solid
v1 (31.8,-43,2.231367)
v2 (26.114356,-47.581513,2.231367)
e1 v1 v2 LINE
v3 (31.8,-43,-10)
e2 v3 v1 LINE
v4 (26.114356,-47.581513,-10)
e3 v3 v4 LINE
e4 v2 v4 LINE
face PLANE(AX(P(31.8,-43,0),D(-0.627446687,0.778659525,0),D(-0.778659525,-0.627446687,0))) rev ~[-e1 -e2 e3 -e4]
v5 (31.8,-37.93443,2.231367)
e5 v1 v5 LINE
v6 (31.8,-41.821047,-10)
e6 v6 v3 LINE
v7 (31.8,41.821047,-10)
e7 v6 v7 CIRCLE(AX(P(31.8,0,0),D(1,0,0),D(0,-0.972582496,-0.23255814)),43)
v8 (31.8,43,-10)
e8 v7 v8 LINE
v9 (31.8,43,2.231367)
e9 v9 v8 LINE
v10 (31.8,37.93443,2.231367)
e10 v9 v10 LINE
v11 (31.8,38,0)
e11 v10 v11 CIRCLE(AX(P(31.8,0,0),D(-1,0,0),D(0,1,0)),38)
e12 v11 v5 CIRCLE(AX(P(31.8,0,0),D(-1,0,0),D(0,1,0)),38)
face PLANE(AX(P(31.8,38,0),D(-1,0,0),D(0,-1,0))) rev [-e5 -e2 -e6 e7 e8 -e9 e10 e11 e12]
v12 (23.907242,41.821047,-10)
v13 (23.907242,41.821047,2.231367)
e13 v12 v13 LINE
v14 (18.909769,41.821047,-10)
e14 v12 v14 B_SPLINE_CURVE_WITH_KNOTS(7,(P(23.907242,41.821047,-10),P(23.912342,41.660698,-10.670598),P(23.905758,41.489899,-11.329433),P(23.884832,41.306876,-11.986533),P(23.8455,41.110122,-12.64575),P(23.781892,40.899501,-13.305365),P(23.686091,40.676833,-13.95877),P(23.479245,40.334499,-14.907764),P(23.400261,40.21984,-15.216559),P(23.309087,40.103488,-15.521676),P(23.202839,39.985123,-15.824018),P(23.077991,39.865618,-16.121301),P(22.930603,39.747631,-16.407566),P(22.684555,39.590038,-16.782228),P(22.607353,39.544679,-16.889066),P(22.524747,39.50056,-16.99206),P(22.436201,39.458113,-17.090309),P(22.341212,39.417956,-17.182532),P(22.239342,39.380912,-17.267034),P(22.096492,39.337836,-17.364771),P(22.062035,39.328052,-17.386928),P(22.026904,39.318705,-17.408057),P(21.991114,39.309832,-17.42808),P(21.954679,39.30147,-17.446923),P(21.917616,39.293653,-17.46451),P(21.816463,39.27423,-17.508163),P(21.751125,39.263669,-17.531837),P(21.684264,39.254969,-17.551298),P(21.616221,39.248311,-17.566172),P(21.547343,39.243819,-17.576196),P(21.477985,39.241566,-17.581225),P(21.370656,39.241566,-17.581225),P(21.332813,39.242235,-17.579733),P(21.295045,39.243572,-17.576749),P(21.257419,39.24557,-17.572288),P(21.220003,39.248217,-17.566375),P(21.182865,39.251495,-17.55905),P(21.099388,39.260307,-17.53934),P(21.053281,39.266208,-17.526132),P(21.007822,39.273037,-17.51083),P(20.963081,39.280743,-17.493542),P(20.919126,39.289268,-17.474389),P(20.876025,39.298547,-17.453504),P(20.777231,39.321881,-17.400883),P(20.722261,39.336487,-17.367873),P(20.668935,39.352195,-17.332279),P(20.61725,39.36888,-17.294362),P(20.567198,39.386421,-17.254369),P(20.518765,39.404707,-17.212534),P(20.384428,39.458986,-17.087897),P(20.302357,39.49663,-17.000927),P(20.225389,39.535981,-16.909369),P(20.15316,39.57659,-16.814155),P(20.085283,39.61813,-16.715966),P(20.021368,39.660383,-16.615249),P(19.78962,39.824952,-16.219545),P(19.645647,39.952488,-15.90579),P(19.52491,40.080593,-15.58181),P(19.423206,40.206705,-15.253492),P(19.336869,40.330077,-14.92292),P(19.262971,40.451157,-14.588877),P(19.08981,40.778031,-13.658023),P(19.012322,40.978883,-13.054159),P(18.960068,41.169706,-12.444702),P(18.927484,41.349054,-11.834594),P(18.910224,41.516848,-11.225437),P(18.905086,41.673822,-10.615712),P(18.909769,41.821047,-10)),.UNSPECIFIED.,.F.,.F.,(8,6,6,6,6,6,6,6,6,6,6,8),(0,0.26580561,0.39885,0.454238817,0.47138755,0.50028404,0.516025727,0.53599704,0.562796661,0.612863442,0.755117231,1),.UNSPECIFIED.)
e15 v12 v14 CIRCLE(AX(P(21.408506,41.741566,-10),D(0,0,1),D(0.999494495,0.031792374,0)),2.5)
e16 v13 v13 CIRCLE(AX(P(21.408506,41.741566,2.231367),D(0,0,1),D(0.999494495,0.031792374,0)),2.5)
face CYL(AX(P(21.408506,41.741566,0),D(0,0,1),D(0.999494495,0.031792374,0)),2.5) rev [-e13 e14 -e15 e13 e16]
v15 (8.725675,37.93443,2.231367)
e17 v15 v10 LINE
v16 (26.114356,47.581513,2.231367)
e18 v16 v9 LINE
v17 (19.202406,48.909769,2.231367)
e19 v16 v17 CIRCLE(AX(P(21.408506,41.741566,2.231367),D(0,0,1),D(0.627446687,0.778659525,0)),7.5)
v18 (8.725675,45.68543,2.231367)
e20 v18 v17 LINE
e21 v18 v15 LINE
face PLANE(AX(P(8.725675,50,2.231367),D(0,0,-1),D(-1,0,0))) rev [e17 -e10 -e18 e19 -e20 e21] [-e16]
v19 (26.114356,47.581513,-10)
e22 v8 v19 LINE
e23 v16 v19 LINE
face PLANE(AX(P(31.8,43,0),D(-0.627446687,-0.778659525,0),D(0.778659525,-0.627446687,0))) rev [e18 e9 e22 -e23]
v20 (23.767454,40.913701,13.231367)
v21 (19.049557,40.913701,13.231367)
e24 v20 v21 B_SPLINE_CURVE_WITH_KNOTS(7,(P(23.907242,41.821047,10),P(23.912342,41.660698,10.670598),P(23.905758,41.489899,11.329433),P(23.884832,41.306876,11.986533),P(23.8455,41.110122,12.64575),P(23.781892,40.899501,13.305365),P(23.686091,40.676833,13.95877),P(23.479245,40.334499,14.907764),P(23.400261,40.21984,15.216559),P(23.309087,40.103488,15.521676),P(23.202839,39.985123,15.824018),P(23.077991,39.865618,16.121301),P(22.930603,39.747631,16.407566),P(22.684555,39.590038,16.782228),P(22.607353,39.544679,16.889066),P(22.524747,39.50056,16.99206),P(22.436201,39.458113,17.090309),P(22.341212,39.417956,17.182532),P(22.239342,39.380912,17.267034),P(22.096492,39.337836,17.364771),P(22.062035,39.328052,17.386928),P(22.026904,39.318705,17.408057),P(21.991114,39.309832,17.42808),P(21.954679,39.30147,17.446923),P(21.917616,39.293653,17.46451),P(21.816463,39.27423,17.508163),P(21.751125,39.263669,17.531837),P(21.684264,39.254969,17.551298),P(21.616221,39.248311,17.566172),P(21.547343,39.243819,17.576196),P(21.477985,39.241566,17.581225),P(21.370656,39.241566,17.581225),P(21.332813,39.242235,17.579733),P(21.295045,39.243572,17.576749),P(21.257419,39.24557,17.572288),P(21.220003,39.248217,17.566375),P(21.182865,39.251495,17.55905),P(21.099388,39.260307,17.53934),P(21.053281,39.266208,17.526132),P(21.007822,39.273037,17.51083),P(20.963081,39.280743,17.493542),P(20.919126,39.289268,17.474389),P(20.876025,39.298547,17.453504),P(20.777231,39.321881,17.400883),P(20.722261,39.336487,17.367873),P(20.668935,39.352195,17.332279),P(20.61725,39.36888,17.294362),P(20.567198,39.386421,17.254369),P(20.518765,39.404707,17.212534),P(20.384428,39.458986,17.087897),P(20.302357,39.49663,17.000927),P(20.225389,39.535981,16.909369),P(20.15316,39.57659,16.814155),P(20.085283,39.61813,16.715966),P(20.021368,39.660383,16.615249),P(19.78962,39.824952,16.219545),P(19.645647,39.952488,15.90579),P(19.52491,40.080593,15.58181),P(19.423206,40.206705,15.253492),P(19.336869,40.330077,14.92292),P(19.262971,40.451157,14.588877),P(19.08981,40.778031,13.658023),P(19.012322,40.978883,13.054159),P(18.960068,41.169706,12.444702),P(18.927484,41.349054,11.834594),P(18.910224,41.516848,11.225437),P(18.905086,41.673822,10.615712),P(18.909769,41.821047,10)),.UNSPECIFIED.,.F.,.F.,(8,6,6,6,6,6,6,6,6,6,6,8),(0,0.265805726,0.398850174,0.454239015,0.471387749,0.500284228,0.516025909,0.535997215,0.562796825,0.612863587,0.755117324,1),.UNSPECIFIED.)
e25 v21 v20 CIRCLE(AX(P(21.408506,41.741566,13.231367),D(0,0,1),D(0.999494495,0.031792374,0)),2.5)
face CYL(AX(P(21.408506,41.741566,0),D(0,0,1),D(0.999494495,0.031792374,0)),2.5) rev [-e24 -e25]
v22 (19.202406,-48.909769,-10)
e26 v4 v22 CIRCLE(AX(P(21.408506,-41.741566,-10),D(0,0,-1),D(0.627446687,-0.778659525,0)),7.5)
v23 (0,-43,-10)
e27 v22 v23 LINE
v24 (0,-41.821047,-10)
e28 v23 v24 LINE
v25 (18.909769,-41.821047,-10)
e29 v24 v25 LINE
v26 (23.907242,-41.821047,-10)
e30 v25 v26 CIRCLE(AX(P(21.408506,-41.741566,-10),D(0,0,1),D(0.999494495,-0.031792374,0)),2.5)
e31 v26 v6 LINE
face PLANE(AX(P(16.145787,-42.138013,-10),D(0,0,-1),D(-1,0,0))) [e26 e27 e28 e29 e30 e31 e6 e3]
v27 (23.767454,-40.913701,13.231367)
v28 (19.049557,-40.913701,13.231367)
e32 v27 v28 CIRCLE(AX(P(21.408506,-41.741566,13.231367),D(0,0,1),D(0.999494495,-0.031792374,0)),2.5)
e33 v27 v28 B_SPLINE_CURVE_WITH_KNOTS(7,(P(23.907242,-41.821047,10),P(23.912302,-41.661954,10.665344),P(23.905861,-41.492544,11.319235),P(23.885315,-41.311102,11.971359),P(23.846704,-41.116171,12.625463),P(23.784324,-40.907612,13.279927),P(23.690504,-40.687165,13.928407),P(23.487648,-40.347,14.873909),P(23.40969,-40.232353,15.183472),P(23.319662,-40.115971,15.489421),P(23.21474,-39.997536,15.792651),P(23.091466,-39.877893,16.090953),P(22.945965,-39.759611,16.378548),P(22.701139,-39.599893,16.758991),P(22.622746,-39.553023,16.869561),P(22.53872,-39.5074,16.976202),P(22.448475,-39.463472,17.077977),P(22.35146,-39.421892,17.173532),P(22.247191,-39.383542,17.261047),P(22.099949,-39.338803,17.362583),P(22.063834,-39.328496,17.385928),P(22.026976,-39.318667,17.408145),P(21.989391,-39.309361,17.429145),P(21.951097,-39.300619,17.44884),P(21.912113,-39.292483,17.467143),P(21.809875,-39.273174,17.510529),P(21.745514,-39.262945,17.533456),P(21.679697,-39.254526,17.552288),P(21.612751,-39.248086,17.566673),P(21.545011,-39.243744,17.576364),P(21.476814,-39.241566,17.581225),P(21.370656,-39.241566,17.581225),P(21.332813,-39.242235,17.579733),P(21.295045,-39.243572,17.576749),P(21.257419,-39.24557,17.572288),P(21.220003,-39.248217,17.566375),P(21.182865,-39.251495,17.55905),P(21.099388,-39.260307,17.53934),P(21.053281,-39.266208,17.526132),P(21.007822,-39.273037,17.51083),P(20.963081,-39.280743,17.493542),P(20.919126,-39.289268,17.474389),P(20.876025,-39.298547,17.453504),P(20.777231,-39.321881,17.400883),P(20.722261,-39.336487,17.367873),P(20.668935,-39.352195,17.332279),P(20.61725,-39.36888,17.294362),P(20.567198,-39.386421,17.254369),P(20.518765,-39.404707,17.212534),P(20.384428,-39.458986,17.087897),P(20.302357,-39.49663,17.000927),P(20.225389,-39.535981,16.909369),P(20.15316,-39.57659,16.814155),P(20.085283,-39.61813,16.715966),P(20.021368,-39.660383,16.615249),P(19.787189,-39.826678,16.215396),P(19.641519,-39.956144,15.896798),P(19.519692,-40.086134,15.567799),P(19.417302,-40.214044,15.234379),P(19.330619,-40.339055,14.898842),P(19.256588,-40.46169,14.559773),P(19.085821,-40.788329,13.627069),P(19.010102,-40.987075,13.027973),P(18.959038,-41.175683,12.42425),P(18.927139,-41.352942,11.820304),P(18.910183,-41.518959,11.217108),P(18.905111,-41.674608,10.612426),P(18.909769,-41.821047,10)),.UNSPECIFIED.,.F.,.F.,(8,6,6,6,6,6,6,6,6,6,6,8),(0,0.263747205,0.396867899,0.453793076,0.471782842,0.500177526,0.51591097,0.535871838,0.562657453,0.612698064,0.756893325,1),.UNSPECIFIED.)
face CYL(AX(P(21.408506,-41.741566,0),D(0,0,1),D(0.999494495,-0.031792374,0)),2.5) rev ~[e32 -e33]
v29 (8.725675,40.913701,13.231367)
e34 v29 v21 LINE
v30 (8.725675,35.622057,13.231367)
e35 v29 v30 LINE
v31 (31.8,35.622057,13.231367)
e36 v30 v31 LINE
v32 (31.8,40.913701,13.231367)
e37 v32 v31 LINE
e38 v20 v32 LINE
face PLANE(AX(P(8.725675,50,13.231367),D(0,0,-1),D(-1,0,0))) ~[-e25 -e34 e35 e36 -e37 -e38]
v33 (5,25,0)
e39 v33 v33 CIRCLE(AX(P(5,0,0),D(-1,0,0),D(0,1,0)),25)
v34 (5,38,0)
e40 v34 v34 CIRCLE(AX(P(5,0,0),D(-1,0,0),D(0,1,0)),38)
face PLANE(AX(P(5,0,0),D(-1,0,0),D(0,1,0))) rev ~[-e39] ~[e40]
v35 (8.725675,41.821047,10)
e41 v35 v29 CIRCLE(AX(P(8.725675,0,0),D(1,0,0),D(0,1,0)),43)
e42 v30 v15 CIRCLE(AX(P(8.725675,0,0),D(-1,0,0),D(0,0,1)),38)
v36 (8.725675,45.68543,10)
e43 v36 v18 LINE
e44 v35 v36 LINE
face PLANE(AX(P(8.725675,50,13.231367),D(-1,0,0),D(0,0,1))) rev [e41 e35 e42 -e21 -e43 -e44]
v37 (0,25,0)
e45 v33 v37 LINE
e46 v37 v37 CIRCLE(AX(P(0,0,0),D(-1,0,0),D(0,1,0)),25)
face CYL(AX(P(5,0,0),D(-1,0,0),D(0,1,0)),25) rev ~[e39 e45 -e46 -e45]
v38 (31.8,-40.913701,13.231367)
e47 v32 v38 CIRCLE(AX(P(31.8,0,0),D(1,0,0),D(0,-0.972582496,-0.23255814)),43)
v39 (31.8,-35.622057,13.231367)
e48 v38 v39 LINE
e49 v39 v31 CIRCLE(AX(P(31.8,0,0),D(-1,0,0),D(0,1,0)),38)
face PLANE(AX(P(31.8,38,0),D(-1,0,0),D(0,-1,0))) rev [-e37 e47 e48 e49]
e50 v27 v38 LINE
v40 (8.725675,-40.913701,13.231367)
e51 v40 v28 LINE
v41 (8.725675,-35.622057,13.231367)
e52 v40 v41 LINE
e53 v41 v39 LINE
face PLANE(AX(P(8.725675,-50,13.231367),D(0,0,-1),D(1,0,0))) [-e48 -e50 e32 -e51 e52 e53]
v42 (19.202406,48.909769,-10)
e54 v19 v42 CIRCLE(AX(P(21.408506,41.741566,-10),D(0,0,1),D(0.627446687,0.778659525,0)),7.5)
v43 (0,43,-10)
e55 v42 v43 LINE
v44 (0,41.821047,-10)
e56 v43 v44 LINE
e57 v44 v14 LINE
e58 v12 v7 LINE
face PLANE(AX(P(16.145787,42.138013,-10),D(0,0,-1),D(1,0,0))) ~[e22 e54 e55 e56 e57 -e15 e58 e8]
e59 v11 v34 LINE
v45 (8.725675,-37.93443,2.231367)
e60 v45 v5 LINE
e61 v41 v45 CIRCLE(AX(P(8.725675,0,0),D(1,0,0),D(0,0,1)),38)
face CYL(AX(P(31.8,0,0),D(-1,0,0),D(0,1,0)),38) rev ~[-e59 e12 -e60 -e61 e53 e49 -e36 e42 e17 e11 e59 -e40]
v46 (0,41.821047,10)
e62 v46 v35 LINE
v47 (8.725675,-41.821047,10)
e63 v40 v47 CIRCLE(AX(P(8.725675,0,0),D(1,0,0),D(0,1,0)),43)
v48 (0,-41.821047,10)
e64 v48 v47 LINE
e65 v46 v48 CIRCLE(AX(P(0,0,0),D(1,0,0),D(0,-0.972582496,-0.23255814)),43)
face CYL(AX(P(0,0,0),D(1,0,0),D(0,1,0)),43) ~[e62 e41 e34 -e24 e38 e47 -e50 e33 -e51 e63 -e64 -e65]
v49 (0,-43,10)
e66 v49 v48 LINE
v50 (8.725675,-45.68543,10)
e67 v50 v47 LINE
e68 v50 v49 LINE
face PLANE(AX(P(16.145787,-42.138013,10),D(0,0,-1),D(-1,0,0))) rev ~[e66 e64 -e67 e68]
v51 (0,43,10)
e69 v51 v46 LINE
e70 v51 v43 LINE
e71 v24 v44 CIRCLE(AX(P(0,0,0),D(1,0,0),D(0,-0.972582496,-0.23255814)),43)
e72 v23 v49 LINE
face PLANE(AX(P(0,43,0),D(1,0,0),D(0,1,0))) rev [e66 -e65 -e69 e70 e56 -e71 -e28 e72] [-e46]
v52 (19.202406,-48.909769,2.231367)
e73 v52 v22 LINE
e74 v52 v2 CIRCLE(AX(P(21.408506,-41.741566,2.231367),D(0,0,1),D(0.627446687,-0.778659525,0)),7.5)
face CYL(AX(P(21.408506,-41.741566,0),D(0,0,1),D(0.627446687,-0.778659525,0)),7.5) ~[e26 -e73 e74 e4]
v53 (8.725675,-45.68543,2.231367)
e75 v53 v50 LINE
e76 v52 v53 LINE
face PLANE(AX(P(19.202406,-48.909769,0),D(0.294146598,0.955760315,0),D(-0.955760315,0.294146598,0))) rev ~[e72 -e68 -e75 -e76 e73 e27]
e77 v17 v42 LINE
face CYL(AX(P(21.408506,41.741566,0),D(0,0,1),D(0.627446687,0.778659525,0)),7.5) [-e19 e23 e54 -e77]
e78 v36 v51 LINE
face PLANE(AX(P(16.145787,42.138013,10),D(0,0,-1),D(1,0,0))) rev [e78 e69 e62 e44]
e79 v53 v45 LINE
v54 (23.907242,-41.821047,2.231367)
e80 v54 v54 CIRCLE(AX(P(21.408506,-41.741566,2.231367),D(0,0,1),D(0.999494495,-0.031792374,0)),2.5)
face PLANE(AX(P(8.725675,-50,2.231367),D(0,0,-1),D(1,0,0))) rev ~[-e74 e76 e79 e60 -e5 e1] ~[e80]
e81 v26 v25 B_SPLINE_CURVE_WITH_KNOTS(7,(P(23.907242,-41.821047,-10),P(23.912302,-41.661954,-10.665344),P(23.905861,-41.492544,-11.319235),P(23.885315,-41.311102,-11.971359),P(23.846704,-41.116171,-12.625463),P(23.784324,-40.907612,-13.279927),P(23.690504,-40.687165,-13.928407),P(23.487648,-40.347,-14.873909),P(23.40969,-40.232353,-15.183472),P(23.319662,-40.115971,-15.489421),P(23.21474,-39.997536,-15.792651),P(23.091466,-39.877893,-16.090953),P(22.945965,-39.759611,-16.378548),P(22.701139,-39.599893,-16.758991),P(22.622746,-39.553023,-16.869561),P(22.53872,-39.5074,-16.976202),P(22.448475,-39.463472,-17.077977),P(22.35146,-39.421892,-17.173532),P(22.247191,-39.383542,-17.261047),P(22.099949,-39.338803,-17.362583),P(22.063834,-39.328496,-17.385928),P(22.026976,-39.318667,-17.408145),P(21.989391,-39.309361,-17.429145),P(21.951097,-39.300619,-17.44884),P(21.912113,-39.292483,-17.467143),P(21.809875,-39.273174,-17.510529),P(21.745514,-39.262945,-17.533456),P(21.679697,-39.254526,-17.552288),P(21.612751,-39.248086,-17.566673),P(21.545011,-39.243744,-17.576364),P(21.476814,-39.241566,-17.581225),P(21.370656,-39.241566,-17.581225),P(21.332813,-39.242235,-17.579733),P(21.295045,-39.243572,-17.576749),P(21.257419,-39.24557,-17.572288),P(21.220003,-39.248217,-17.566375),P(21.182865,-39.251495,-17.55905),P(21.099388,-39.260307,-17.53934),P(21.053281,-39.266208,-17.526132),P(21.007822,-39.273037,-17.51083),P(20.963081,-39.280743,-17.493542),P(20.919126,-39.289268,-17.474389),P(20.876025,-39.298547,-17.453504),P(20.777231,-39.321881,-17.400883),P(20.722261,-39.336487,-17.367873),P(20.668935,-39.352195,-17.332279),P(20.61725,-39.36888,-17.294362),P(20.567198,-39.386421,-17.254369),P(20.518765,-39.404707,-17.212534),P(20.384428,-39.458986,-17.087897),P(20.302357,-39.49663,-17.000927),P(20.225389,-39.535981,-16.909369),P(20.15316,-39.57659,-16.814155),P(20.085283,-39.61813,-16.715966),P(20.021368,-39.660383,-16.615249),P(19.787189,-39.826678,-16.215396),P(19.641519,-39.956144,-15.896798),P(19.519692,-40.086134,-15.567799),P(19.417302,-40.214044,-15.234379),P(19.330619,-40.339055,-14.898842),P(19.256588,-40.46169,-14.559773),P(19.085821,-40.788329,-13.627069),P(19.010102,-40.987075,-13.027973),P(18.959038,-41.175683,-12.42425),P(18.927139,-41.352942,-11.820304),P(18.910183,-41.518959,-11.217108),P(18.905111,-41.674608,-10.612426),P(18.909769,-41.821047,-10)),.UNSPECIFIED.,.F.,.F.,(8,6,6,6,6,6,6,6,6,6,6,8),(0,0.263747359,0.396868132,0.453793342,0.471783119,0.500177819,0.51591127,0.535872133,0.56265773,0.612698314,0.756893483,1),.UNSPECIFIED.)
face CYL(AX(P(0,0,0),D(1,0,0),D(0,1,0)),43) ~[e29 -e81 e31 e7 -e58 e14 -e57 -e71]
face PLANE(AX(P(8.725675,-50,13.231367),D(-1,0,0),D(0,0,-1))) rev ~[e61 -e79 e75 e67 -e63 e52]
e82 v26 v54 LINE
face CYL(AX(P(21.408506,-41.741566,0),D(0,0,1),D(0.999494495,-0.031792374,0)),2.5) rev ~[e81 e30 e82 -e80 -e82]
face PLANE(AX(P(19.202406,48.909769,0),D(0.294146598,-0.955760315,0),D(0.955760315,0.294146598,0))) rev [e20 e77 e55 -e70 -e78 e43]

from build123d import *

# Parameters (mm, degrees)
BOSS_EXTRUDE1_DEPTH     = 10
SKETCH4_R               = 2.5
CUT_EXTRUDE1_DEPTH      = 73.697811944
CUT_EXTRUDE2_REACH      = 109.281
CUT_EXTRUDE2_END_RADIUS = 38
SKETCH5_W               = 23.074324902
SKETCH5_H               = 11


with BuildPart() as part:
    # Sketch1 → Revolve1 (revolve)
    with BuildSketch(Plane.XY):
        Polygon((5, -38), (5, -25), (0, -25), (0, -43), (31.8, -43), (31.8, -38), align=None)
    revolve(axis=Axis((96.017453448, 0, 0), (-1, 0, 0)))

    # Sketch3 → Boss-Extrude1 (add, symmetric)
    with BuildSketch(Plane.XY):
        with BuildLine():
            Line((31.8, -43), (26.114355816, -47.581512833))
            ThreePointArc((26.114355816, -47.581512833), (22.82386933, -49.10680541), (19.202406183, -48.909768758))
            Line((19.202406183, -48.909768758), (0, -43))
            Line((0, -43), (0, -38))
            Line((0, -38), (31.8, -38))
            Line((31.8, -38), (31.8, -43))
        make_face()
    boss_extrude1 = extrude(amount=BOSS_EXTRUDE1_DEPTH, both=True)

    # Sketch4 → Cut-Extrude1 (cut, symmetric)
    with BuildSketch(Plane.XY):
        with Locations((21.408505666, -41.741566399)):
            Circle(SKETCH4_R)
    cut_extrude1 = extrude(amount=CUT_EXTRUDE1_DEPTH, both=True, mode=Mode.SUBTRACT)

    # Cut-Extrude2: up to this cylinder (the profile starts outside it)
    cut_extrude2_end = Plane(origin=(20.262838, 0, 0), z_dir=(1, 0, 0)) * Cylinder(CUT_EXTRUDE2_END_RADIUS, 295.562, mode=Mode.PRIVATE)
    # Sketch5 → Cut-Extrude2 (cut, up to the surface)
    with BuildSketch(Plane(origin=(0, -50, 0), x_dir=(1, 0, 0), z_dir=(0, 1, 0)), mode=Mode.PRIVATE) as cut_extrude2_sk1:
        with Locations((20.262837549, -7.731366933)):
            Rectangle(SKETCH5_W, SKETCH5_H)
    cut_extrude2_tool1 = extrude(cut_extrude2_sk1.sketch, amount=CUT_EXTRUDE2_REACH, mode=Mode.PRIVATE) - cut_extrude2_end
    cut_extrude2 = cut_extrude2_tool1.solids().sort_by_distance((20.262838, -50, 7.731367))[0]
    add(cut_extrude2, mode=Mode.SUBTRACT)

    # Mirror1: Boss-Extrude1, Cut-Extrude1, Cut-Extrude2 across plane
    add(boss_extrude1.mirror(Plane.ZX))
    add(cut_extrude1.mirror(Plane.ZX), mode=Mode.SUBTRACT)
    add(cut_extrude2.mirror(Plane.ZX), mode=Mode.SUBTRACT)


solid = part.part
